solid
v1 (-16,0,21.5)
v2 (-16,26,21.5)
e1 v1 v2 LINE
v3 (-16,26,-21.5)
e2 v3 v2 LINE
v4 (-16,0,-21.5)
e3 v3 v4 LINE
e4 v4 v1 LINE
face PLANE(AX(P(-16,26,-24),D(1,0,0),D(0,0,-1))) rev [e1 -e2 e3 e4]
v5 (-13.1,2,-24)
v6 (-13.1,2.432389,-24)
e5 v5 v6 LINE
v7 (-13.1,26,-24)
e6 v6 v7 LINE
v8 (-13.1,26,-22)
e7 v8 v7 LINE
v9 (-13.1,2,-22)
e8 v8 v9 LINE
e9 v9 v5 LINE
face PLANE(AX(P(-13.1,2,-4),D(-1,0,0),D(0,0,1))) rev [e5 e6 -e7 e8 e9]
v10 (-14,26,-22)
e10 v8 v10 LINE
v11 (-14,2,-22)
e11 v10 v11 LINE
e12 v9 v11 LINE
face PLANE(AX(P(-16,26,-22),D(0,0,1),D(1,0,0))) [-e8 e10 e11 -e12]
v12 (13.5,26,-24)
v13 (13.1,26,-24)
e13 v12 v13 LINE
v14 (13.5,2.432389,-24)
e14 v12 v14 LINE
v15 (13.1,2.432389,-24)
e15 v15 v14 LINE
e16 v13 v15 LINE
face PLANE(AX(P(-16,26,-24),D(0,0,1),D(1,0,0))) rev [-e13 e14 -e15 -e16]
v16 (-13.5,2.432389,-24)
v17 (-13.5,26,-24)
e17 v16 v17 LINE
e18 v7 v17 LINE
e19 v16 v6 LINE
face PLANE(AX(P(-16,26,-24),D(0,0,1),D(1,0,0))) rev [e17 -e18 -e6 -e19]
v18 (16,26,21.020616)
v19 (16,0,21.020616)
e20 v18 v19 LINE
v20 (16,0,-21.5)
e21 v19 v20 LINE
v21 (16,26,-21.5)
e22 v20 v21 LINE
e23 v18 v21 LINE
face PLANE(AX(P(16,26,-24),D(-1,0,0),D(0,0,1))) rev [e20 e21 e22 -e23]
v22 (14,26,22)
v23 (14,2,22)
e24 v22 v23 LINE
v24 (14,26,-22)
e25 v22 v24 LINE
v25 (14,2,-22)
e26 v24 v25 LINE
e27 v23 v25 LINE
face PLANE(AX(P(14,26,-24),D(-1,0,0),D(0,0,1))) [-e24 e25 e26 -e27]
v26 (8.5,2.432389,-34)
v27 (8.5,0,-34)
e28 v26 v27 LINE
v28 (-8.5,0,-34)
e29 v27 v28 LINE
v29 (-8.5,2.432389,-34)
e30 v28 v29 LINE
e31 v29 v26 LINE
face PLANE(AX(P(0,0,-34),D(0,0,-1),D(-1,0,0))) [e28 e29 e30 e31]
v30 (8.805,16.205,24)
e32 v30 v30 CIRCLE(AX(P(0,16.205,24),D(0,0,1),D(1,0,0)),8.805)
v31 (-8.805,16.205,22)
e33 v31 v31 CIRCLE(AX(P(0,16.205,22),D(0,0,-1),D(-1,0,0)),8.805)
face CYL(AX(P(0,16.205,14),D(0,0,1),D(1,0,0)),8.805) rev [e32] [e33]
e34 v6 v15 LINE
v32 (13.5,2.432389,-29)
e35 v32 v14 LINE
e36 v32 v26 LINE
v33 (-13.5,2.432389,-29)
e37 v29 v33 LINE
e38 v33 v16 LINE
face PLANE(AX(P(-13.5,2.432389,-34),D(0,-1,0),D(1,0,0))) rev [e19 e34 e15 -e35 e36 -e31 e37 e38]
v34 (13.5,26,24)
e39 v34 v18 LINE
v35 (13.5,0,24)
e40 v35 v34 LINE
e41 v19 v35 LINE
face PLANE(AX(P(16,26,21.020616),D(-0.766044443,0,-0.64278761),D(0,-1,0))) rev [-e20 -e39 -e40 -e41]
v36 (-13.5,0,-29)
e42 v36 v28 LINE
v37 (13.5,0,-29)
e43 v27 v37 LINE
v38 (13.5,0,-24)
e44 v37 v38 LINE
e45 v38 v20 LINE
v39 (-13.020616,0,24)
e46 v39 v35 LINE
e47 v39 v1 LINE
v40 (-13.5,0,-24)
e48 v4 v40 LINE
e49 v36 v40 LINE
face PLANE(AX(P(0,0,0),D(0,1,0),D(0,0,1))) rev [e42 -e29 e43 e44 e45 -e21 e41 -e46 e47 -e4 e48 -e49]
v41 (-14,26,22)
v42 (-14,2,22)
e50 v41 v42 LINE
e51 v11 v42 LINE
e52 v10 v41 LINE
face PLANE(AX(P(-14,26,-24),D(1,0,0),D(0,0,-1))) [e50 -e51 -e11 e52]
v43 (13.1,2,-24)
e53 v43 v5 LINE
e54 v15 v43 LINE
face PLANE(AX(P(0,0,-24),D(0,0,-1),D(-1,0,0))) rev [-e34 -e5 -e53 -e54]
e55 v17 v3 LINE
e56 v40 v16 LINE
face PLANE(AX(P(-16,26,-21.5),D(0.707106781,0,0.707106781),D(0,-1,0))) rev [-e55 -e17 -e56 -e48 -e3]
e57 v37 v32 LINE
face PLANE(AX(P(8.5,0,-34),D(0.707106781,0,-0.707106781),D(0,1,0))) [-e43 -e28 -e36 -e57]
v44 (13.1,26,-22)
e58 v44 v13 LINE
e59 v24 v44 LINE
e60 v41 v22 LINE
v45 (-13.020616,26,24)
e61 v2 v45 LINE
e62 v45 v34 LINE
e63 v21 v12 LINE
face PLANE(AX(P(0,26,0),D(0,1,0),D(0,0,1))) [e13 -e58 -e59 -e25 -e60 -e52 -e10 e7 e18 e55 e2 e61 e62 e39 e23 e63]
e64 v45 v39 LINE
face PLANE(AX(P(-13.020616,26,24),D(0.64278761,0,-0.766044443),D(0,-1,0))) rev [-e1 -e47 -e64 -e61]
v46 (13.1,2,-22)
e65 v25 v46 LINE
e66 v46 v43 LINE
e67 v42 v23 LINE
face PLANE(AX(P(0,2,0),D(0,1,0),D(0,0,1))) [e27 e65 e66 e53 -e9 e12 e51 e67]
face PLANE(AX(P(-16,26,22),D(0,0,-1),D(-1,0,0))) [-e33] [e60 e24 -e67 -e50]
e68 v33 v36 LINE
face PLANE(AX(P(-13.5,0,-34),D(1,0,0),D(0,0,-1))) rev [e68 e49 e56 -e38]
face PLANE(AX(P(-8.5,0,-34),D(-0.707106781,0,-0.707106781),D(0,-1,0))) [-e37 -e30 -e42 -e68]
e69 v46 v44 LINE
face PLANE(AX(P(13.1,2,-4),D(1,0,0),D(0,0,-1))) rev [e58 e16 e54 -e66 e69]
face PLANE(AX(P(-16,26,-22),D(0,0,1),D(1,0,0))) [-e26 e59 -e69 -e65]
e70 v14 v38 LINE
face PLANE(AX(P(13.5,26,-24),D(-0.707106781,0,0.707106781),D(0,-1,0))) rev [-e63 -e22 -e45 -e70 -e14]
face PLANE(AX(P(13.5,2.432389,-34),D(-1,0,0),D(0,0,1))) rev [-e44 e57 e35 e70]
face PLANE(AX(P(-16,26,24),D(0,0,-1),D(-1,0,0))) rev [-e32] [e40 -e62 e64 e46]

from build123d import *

# Parameters (mm, degrees)
SKETCH1_W             = 32
SKETCH1_H             = 48
BOSS_EXTRUDE1_DEPTH   = 26
SHELL1_T              = -2
SKETCH2_W             = 26.2
SKETCH2_H             = 24
CUT_EXTRUDE1_DEPTH    = 20
CHAMFER1_SIZE         = 2.5
CHAMFER1_SIZE2        = 2.979383981
CHAMFER1_PART_2_SIZE  = 2.5
CHAMFER1_PART_2_SIZE2 = 2.979383981
CHAMFER3_SIZE         = 2.5
SKETCH5_W             = 27
SKETCH5_H             = 2.432389293
BOSS_EXTRUDE3_DEPTH   = 10
CHAMFER4_SIZE         = 5
SKETCH6_R             = 8.805
CUT_EXTRUDE3_DEPTH    = 10


with BuildPart() as part:
    # Sketch1 → Boss-Extrude1 (new body)
    with BuildSketch(Plane(origin=(0, 0, 0), x_dir=(1, 0, 0), z_dir=(0, 1, 0))):
        Rectangle(SKETCH1_W, SKETCH1_H)
    extrude(amount=BOSS_EXTRUDE1_DEPTH)

    # Shell1
    shell1_openings = [part.faces().sort_by_distance(p)[0] for p in [
        (0, 26, 0),
    ]]
    offset(amount=SHELL1_T, openings=shell1_openings, kind=Kind.INTERSECTION)

    # Sketch2 → Cut-Extrude1 (cut)
    with BuildSketch(Plane(origin=(0, 0, -24), x_dir=(-1, 0, 0), z_dir=(0, 0, -1))):
        with Locations((0, 14)):
            Rectangle(SKETCH2_W, SKETCH2_H)
    extrude(amount=-CUT_EXTRUDE1_DEPTH, mode=Mode.SUBTRACT)

    # Chamfer1
    chamfer1_edges = [part.edges().sort_by_distance(p)[0] for p in [
        (16, 13, 24),
    ]]
    chamfer1_side = [part.faces().sort_by_distance(p)[0] for p in [
        (0, 13, 24),
    ]]
    chamfer(chamfer1_edges, length=CHAMFER1_SIZE, length2=CHAMFER1_SIZE2, reference=chamfer1_side[0])

    # Chamfer1 part 2
    chamfer1_part_2_edges = [part.edges().sort_by_distance(p)[0] for p in [
        (-16, 13, 24),
    ]]
    chamfer1_part_2_side = [part.faces().sort_by_distance(p)[0] for p in [
        (-16, 13, 0),
    ]]
    chamfer(chamfer1_part_2_edges, length=CHAMFER1_PART_2_SIZE, length2=CHAMFER1_PART_2_SIZE2, reference=chamfer1_part_2_side[0])

    # Chamfer3
    chamfer3_edges = [part.edges().sort_by_distance(p)[0] for p in [
        (-16, 13, -24),
        (16, 13, -24),
    ]]
    chamfer(chamfer3_edges, length=CHAMFER3_SIZE)

    # Sketch5 → Boss-Extrude3 (add)
    with BuildSketch(Plane(origin=(0, 0, -24), x_dir=(-1, 0, 0), z_dir=(0, 0, -1))):
        with Locations((0, 1.216194646)):
            Rectangle(SKETCH5_W, SKETCH5_H)
    extrude(amount=BOSS_EXTRUDE3_DEPTH)

    # Chamfer4
    chamfer4_edges = [part.edges().sort_by_distance(p)[0] for p in [
        (13.5, 1.216194647, -34),
        (-13.5, 1.216194647, -34),
    ]]
    chamfer(chamfer4_edges, length=CHAMFER4_SIZE)

    # Sketch6 → Cut-Extrude3 (cut)
    with BuildSketch(Plane.XY.offset(24)):
        with Locations((0, 16.205)):
            Circle(SKETCH6_R)
    extrude(amount=-CUT_EXTRUDE3_DEPTH, mode=Mode.SUBTRACT)


solid = part.part
